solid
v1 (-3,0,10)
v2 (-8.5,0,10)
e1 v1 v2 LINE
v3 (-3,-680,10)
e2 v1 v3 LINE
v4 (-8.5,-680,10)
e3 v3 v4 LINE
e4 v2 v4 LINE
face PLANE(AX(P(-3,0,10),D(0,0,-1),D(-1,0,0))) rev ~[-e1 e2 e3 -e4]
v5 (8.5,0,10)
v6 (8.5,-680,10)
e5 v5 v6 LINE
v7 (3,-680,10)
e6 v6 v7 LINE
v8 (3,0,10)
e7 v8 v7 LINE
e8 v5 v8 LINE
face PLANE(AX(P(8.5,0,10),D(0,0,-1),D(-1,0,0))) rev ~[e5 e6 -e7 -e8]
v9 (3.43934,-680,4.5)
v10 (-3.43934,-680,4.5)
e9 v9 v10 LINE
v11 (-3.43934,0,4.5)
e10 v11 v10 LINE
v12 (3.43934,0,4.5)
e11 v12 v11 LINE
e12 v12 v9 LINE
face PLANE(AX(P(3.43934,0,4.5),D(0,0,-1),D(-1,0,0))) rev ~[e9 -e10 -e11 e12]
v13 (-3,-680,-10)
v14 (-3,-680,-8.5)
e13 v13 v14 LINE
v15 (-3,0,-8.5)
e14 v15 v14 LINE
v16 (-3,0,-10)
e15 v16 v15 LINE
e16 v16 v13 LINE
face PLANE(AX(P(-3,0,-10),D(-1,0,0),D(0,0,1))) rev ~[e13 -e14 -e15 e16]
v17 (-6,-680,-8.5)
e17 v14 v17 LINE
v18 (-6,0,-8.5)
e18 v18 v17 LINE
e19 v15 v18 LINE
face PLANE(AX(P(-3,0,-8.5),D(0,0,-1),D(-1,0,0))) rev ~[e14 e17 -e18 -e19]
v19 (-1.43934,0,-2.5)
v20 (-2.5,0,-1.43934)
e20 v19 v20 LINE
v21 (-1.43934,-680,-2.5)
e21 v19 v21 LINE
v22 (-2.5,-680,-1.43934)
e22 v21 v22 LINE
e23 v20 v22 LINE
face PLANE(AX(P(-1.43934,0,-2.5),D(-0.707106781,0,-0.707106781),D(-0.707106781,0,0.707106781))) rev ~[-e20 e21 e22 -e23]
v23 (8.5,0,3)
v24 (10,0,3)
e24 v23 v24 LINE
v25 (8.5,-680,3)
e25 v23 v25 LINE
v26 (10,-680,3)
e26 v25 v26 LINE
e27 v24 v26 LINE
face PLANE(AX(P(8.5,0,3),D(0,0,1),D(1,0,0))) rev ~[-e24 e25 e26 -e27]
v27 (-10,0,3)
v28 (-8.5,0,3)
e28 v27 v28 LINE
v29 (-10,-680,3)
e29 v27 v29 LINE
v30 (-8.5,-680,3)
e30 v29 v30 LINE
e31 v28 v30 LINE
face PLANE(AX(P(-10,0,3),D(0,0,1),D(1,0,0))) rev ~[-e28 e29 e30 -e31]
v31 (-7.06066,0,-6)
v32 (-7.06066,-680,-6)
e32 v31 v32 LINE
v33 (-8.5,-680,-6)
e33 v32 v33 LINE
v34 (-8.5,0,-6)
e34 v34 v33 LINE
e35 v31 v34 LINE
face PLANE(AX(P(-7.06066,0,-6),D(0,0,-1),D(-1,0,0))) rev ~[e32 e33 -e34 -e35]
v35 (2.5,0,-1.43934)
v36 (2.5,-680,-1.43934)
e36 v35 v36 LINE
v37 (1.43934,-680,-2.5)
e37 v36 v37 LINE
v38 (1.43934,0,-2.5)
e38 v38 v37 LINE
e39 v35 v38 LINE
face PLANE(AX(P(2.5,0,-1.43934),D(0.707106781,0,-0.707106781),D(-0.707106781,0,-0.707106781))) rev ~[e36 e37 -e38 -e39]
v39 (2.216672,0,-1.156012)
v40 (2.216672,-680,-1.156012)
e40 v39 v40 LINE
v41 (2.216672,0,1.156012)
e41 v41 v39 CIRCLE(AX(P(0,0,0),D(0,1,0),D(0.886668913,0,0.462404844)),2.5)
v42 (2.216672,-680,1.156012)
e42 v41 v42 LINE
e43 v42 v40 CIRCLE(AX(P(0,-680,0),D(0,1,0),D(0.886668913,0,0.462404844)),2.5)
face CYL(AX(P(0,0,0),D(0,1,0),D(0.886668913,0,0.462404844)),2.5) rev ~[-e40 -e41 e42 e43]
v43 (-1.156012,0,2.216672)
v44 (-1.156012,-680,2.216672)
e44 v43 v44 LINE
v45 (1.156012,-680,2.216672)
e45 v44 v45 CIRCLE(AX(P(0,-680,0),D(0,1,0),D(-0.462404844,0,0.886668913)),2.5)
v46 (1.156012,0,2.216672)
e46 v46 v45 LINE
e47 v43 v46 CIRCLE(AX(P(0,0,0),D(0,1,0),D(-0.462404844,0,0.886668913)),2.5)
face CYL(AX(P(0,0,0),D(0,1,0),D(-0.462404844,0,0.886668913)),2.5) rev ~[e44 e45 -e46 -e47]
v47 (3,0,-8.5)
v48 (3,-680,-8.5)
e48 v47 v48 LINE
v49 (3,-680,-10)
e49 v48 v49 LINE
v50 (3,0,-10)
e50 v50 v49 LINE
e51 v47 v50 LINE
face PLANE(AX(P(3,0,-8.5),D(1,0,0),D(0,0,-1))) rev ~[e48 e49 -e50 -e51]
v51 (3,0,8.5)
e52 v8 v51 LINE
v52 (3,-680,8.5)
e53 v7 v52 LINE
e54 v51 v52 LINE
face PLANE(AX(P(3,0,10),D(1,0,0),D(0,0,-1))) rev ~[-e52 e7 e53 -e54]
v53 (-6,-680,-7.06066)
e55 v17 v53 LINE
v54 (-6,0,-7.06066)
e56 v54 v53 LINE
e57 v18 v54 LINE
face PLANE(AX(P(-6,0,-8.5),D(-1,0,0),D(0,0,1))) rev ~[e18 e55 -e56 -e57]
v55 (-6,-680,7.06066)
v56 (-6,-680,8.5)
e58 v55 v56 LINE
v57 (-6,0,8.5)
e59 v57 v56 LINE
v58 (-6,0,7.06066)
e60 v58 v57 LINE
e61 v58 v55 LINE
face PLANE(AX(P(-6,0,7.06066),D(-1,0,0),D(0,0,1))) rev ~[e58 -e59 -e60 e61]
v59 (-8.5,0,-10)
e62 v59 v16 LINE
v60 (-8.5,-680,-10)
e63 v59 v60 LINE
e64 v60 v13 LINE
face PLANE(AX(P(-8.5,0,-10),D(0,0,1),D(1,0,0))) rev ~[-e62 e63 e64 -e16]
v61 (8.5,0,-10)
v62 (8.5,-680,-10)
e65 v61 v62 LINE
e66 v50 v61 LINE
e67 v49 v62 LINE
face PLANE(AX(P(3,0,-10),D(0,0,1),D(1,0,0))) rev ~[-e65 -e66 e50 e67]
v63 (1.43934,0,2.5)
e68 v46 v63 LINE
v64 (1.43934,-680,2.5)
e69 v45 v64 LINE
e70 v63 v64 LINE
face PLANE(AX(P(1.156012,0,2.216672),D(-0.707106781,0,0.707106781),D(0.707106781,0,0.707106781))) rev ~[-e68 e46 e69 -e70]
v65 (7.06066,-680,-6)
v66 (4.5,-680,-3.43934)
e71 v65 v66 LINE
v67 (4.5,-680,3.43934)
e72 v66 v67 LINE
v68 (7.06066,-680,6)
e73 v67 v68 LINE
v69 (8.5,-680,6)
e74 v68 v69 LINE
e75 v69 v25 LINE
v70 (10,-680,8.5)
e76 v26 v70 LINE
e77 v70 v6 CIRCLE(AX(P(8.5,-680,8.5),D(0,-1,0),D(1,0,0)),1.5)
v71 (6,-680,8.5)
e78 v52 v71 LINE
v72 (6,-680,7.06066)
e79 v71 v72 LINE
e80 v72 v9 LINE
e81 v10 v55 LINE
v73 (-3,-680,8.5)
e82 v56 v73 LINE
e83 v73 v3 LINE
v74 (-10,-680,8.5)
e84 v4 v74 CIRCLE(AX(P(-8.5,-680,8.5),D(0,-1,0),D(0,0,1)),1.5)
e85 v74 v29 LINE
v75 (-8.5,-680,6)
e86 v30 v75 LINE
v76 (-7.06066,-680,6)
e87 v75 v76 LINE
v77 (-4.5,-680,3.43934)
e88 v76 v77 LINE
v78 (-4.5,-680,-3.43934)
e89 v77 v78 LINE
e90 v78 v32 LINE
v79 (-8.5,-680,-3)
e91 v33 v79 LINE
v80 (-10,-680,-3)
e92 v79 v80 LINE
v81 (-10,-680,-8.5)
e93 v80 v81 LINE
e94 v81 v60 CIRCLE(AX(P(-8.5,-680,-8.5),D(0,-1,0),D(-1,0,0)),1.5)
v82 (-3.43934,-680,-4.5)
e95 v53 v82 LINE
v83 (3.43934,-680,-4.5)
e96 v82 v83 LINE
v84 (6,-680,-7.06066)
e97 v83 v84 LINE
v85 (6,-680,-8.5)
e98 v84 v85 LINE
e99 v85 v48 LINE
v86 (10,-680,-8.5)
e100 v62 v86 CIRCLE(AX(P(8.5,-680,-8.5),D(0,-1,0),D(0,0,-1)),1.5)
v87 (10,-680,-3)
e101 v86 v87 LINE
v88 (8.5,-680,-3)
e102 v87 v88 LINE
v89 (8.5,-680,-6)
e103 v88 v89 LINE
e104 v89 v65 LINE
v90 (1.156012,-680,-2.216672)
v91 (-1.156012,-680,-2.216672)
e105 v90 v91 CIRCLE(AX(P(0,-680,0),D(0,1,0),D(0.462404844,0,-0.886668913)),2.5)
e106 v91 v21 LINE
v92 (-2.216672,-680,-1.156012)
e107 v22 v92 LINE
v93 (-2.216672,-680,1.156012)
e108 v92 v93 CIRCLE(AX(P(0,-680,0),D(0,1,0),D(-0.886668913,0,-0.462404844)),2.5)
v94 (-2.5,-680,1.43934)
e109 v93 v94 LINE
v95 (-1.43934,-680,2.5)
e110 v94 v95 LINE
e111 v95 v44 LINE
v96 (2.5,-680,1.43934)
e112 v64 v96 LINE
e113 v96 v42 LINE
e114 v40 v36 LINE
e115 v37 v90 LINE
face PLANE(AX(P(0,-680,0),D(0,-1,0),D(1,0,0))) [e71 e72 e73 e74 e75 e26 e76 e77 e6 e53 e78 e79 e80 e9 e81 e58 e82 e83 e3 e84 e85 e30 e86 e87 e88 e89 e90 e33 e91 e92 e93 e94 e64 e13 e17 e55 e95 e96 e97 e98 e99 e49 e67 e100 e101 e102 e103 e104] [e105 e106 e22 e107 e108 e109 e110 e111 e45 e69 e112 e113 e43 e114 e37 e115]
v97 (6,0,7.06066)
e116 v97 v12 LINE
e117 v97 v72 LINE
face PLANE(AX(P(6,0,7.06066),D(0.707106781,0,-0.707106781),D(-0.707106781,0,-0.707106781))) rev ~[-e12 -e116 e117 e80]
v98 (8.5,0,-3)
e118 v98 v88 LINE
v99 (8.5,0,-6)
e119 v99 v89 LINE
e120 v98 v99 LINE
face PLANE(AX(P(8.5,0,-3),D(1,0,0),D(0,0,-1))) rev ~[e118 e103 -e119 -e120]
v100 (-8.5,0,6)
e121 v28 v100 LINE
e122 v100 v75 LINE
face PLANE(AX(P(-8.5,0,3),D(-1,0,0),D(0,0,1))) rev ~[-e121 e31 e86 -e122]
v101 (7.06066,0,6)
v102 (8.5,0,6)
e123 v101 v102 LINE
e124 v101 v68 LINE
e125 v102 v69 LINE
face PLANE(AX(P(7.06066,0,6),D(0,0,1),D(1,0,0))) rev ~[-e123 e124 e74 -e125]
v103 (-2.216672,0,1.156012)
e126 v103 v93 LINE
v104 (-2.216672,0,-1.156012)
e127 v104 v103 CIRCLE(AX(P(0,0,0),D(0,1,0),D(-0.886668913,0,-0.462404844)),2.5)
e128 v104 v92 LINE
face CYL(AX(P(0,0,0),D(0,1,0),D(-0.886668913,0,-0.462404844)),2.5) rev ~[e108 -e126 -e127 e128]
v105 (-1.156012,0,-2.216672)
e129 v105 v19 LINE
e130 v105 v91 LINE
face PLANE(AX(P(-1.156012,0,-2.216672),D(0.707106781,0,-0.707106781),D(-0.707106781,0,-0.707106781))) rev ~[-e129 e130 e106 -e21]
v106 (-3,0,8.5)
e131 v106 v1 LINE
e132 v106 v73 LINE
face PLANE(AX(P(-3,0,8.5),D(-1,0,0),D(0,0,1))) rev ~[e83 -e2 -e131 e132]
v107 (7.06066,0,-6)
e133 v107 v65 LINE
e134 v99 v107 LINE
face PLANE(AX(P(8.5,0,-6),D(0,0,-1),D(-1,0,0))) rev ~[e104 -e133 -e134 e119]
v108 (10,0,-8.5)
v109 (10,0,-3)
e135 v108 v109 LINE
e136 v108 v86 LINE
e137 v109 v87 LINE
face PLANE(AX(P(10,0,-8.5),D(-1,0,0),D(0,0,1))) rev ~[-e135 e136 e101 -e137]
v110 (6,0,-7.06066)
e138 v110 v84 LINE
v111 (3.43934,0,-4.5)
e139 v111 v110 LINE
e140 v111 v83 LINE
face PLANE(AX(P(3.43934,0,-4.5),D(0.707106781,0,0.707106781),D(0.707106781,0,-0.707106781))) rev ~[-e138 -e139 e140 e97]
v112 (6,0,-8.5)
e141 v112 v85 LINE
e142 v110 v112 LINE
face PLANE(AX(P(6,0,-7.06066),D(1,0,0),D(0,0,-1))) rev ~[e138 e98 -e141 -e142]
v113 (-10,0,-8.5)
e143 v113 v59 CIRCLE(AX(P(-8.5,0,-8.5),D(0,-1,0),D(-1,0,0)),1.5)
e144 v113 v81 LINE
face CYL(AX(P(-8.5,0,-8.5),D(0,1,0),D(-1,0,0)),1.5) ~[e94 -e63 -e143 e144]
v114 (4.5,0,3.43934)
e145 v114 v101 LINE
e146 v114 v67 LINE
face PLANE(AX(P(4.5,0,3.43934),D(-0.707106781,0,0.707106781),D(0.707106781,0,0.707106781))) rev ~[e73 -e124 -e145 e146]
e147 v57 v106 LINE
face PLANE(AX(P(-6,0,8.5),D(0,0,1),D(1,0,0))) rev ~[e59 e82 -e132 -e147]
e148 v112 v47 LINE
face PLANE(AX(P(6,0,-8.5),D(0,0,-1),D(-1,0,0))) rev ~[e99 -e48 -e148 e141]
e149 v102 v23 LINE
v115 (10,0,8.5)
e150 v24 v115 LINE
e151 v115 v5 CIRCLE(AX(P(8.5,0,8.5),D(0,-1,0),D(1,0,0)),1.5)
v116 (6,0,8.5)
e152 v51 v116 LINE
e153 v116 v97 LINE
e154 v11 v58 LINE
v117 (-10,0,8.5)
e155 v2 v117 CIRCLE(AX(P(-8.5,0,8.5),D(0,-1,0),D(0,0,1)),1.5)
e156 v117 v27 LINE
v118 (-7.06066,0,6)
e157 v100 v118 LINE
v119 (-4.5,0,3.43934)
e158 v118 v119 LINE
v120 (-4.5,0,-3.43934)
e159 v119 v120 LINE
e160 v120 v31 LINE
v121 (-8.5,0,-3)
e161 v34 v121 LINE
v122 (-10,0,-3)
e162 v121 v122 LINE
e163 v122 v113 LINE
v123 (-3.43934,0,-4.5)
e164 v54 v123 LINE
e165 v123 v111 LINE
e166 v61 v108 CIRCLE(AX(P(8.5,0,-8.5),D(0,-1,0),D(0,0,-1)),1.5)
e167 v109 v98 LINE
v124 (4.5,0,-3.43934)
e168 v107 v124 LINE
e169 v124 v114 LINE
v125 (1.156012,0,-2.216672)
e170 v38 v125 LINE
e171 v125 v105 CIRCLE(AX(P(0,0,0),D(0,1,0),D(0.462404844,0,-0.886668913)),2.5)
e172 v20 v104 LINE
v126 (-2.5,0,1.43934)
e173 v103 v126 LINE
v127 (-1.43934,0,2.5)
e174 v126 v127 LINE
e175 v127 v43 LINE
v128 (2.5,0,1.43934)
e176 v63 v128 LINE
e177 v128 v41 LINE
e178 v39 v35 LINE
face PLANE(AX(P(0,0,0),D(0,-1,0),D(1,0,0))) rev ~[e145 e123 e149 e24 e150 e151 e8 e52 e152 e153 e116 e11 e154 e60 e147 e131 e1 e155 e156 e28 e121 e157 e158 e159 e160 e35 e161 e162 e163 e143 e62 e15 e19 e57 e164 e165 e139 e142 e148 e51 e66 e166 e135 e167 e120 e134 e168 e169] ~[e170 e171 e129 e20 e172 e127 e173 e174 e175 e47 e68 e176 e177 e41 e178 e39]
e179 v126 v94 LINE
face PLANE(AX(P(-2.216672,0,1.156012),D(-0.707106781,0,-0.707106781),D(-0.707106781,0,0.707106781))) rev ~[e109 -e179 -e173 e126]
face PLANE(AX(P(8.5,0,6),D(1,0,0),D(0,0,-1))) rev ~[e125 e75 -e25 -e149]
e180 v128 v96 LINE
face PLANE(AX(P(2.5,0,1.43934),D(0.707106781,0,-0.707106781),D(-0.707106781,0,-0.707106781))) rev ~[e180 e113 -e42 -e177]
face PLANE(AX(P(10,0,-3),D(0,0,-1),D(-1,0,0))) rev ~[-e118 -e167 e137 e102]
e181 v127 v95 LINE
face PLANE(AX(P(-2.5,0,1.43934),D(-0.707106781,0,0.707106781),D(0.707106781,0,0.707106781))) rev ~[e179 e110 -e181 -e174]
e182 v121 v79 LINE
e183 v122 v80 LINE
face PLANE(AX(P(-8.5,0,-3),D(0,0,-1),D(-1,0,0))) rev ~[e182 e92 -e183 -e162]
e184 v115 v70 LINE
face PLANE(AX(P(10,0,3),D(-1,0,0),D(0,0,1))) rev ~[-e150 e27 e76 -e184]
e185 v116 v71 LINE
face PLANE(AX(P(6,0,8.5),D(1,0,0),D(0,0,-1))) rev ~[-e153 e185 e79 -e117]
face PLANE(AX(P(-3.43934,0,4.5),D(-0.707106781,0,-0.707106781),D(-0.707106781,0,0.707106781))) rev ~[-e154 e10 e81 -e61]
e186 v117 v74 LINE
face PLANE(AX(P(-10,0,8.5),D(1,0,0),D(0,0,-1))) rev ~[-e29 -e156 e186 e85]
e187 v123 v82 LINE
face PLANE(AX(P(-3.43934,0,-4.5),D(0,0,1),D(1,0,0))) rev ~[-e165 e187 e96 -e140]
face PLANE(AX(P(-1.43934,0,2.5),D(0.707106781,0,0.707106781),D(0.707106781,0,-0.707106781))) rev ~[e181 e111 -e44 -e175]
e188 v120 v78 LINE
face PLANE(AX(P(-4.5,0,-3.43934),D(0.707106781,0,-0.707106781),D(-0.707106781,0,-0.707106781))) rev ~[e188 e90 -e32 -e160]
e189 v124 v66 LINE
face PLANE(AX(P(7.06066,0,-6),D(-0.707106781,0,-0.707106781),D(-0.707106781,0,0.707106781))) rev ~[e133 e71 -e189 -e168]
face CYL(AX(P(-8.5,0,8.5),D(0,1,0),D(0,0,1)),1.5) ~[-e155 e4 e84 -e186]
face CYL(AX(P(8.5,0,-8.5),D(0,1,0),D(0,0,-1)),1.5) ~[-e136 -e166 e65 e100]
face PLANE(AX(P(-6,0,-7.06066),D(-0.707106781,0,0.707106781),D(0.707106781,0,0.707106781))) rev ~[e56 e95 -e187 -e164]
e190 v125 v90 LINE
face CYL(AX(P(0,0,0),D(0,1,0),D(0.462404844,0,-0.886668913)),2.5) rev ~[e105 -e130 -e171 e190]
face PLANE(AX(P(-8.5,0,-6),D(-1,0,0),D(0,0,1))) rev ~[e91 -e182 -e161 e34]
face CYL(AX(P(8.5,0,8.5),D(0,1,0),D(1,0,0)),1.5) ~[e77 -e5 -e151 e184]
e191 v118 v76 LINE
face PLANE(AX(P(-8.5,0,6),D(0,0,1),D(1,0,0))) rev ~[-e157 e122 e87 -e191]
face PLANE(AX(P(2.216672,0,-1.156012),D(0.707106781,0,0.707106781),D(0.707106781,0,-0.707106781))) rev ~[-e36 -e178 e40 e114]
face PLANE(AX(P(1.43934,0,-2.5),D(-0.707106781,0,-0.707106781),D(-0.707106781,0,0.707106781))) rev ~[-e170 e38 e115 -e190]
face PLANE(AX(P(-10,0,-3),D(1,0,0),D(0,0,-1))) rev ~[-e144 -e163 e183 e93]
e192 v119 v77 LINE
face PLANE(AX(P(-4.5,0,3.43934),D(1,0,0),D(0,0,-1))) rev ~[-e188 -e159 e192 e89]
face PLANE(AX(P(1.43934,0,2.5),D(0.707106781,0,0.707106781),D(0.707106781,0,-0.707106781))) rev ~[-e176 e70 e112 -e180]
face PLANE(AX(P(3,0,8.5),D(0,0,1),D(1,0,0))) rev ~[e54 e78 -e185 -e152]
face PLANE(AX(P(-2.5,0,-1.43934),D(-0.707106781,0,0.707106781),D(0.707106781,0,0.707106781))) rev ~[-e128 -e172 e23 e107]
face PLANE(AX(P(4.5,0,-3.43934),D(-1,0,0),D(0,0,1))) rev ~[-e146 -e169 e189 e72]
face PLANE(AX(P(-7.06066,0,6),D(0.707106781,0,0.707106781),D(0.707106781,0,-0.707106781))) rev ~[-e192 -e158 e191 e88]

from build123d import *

# Parameters (mm, degrees)
F1_DEPTH = 680


with BuildPart() as f1:
    # F0 (on Front) → F1 (new body)
    with BuildSketch(Plane.XZ):
        with BuildLine():
            Line((3, -10), (8.5, -10))
            ThreePointArc((8.5, -10), (9.5606601718, -9.5606601718), (10, -8.5))
            Line((10, -8.5), (10, -3))
            Line((10, -3), (8.5, -3))
            Line((8.5, -3), (8.5, -6))
            Line((8.5, -6), (7.0606601718, -6))
            Line((7.0606601718, -6), (4.5, -3.4393398282))
            Line((4.5, -3.4393398282), (4.5, 3.4393398282))
            Line((4.5, 3.4393398282), (7.0606601718, 6))
            Line((7.0606601718, 6), (8.5, 6))
            Line((8.5, 6), (8.5, 3))
            Line((8.5, 3), (10, 3))
            Line((10, 3), (10, 8.5))
            ThreePointArc((10, 8.5), (9.5606601718, 9.5606601718), (8.5, 10))
            Line((8.5, 10), (3, 10))
            Line((3, 10), (3, 8.5))
            Line((3, 8.5), (6, 8.5))
            Line((6, 8.5), (6, 7.0606601718))
            Line((6, 7.0606601718), (3.4393398282, 4.5))
            Line((3.4393398282, 4.5), (-3.4393398282, 4.5))
            Line((-3.4393398282, 4.5), (-6, 7.0606601718))
            Line((-6, 7.0606601718), (-6, 8.5))
            Line((-6, 8.5), (-3, 8.5))
            Line((-3, 8.5), (-3, 10))
            Line((-3, 10), (-8.5, 10))
            ThreePointArc((-8.5, 10), (-9.5606601718, 9.5606601718), (-10, 8.5))
            Line((-10, 8.5), (-10, 3))
            Line((-10, 3), (-8.5, 3))
            Line((-8.5, 3), (-8.5, 6))
            Line((-8.5, 6), (-7.0606601718, 6))
            Line((-7.0606601718, 6), (-4.5, 3.4393398282))
            Line((-4.5, 3.4393398282), (-4.5, -3.4393398282))
            Line((-4.5, -3.4393398282), (-7.0606601718, -6))
            Line((-7.0606601718, -6), (-8.5, -6))
            Line((-8.5, -6), (-8.5, -3))
            Line((-8.5, -3), (-10, -3))
            Line((-10, -3), (-10, -8.5))
            ThreePointArc((-10, -8.5), (-9.5606601718, -9.5606601718), (-8.5, -10))
            Line((-8.5, -10), (-3, -10))
            Line((-3, -10), (-3, -8.5))
            Line((-3, -8.5), (-6, -8.5))
            Line((-6, -8.5), (-6, -7.0606601718))
            Line((-6, -7.0606601718), (-3.4393398282, -4.5))
            Line((-3.4393398282, -4.5), (3.4393398282, -4.5))
            Line((3.4393398282, -4.5), (6, -7.0606601718))
            Line((6, -7.0606601718), (6, -8.5))
            Line((6, -8.5), (3, -8.5))
            Line((3, -8.5), (3, -10))
        make_face()
        with BuildLine():
            ThreePointArc((-1.1560121095, 2.2166722813), (0, 2.5), (1.1560121095, 2.2166722813))
            Line((1.1560121095, 2.2166722813), (1.4393398282, 2.5))
            Line((1.4393398282, 2.5), (2.5, 1.4393398282))
            Line((2.5, 1.4393398282), (2.2166722813, 1.1560121095))
            ThreePointArc((2.2166722813, 1.1560121095), (2.5, 0), (2.2166722813, -1.1560121095))
            Line((2.2166722813, -1.1560121095), (2.5, -1.4393398282))
            Line((2.5, -1.4393398282), (1.4393398282, -2.5))
            Line((1.4393398282, -2.5), (1.1560121095, -2.2166722813))
            ThreePointArc((1.1560121095, -2.2166722813), (0, -2.5), (-1.1560121095, -2.2166722813))
            Line((-1.1560121095, -2.2166722813), (-1.4393398282, -2.5))
            Line((-1.4393398282, -2.5), (-2.5, -1.4393398282))
            Line((-2.5, -1.4393398282), (-2.2166722813, -1.1560121095))
            ThreePointArc((-2.2166722813, -1.1560121095), (-2.5, 0), (-2.2166722813, 1.1560121095))
            Line((-2.2166722813, 1.1560121095), (-2.5, 1.4393398282))
            Line((-2.5, 1.4393398282), (-1.4393398282, 2.5))
            Line((-1.4393398282, 2.5), (-1.1560121095, 2.2166722813))
        make_face(mode=Mode.SUBTRACT)
    extrude(amount=F1_DEPTH)


solid = f1.part
